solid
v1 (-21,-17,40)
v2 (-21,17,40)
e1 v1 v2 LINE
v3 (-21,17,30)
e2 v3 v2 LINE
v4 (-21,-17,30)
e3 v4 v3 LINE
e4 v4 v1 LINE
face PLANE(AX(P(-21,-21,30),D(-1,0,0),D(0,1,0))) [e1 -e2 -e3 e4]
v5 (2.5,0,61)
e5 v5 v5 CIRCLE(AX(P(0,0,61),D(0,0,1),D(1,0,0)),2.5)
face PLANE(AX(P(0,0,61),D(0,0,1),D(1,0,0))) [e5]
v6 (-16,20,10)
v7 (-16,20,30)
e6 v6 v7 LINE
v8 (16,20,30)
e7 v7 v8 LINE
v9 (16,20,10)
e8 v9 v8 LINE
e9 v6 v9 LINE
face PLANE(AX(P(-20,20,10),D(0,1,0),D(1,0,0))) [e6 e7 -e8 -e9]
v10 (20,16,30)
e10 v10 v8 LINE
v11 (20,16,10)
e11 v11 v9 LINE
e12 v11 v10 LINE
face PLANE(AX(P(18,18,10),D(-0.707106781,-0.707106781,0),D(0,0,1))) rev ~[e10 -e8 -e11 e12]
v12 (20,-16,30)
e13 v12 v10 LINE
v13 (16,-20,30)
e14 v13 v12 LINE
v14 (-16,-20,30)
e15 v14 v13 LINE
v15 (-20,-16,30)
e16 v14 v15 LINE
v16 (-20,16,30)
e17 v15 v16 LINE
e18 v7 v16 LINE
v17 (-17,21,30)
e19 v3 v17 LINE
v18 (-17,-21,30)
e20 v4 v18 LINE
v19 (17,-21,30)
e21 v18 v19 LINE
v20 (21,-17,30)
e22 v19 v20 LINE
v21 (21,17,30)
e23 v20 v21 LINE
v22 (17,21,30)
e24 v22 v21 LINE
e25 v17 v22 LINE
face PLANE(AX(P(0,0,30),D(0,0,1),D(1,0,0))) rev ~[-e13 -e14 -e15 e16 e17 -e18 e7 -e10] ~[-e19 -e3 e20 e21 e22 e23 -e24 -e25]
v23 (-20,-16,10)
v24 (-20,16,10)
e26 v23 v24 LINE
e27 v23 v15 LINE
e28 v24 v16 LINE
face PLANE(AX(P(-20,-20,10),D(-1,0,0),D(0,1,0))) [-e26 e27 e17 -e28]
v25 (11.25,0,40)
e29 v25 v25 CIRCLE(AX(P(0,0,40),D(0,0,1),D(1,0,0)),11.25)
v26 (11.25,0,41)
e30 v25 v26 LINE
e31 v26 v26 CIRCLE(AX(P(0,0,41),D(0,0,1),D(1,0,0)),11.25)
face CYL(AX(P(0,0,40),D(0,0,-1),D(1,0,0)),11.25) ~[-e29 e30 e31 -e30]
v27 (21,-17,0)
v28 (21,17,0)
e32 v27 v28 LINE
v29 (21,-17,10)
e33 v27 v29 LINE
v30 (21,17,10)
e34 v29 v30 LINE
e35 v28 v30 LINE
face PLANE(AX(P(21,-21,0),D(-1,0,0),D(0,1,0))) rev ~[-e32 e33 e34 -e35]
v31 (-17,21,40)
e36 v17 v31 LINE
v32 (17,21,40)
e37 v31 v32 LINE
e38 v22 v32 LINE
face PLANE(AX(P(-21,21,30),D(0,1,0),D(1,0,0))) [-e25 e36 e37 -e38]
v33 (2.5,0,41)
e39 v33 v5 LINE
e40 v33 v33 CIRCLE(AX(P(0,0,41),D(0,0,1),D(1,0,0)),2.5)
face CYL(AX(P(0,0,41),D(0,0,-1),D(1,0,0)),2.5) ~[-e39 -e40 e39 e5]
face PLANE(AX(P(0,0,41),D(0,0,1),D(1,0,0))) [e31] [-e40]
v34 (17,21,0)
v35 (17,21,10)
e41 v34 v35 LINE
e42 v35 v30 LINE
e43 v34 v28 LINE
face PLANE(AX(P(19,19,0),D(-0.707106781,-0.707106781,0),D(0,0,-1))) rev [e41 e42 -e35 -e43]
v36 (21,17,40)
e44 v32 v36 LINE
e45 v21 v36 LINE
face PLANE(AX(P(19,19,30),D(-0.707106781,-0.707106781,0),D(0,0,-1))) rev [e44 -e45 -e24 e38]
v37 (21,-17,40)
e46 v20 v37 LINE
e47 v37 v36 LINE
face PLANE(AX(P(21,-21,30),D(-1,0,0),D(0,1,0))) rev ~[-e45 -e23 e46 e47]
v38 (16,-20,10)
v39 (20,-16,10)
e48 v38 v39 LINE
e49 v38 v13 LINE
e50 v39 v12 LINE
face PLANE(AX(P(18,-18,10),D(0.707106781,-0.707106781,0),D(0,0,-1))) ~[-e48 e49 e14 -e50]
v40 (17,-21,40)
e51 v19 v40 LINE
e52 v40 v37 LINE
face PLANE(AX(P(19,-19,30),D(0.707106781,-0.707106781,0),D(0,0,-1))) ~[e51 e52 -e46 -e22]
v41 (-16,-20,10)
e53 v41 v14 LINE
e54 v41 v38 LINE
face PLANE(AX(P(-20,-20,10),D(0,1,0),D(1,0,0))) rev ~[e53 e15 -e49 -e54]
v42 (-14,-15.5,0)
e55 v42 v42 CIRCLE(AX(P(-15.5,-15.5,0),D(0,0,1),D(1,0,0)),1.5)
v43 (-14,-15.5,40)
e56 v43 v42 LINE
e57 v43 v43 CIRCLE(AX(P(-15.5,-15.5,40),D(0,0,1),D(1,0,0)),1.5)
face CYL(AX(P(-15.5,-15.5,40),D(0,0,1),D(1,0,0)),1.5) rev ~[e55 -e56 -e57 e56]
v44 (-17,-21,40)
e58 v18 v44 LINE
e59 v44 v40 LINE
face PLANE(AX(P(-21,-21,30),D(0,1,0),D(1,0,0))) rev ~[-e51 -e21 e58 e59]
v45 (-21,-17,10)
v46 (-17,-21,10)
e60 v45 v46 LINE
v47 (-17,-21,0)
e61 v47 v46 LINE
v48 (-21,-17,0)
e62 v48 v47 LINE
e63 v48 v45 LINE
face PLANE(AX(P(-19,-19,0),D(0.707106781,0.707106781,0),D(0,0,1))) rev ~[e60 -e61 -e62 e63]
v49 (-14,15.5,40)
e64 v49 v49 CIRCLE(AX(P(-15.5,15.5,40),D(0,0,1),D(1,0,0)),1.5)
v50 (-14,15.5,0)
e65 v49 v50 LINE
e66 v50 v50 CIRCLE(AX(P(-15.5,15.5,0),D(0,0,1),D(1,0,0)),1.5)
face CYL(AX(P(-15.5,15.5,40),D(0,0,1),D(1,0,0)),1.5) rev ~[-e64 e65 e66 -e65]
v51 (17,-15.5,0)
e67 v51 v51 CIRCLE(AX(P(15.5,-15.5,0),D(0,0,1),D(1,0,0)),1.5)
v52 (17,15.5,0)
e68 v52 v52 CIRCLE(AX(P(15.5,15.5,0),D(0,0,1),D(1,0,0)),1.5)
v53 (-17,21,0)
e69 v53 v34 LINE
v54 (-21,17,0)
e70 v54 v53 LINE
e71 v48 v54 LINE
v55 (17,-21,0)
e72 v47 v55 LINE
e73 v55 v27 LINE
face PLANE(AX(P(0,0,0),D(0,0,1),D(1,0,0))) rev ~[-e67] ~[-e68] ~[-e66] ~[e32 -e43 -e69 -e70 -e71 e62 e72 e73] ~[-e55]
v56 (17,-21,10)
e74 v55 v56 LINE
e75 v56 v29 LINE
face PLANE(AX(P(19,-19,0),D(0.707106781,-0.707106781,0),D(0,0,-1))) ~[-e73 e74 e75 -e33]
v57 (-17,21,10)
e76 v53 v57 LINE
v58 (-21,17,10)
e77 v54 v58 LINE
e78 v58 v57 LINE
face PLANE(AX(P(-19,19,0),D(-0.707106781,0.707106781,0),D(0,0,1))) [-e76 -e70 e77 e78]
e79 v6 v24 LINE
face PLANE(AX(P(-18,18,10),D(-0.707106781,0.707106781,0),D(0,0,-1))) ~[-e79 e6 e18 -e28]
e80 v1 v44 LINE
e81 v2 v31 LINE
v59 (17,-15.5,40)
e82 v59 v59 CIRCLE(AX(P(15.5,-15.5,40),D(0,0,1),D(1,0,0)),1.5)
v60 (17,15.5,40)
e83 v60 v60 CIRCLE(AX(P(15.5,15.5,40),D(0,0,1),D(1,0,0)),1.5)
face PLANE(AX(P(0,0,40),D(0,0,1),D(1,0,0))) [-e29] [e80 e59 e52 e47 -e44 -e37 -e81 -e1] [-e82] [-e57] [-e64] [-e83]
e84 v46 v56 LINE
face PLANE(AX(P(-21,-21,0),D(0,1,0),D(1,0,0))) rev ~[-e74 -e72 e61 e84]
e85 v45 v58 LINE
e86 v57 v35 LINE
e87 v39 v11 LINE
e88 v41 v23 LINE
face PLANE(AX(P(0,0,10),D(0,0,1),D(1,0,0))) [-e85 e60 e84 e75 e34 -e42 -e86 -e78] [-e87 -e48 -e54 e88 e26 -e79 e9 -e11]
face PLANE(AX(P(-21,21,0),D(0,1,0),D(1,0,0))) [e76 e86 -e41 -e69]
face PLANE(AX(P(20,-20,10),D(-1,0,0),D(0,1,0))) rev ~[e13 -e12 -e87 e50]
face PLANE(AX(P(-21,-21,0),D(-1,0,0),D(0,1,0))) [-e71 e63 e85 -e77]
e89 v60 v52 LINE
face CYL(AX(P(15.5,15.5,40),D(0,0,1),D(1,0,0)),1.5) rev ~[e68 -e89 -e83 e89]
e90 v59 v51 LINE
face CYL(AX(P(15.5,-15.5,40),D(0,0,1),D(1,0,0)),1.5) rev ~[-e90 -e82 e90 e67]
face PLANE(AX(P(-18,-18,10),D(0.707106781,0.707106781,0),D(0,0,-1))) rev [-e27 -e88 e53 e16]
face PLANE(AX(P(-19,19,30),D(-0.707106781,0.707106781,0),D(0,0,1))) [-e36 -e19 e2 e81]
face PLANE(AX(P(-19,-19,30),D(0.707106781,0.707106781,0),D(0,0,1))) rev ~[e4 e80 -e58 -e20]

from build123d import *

# Parameters (mm, degrees)
SKETCH1_W           = 42
SKETCH1_H           = 42
BOSS_EXTRUDE1_DEPTH = 10
SKETCH2_W           = 40
SKETCH2_H           = 40
BOSS_EXTRUDE2_DEPTH = 20
SKETCH3_W           = 42
SKETCH3_H           = 42
BOSS_EXTRUDE3_DEPTH = 10
SKETCH4_R           = 11.25
BOSS_EXTRUDE4_DEPTH = 1
CHAMFER1_SIZE       = 4
SKETCH5_R           = 2.5
BOSS_EXTRUDE5_DEPTH = 20
SKETCH6_R           = 1.5
CUT_EXTRUDE1_DEPTH  = 40


with BuildPart() as part:
    # Sketch1 → Boss-Extrude1 (new body)
    with BuildSketch(Plane.XY):
        Rectangle(SKETCH1_W, SKETCH1_H)
    extrude(amount=BOSS_EXTRUDE1_DEPTH)

    # Sketch2 → Boss-Extrude2 (add)
    with BuildSketch(Plane.XY.offset(10)):
        Rectangle(SKETCH2_W, SKETCH2_H)
    extrude(amount=BOSS_EXTRUDE2_DEPTH)

    # Sketch3 → Boss-Extrude3 (add)
    with BuildSketch(Plane.XY.offset(30)):
        Rectangle(SKETCH3_W, SKETCH3_H)
    extrude(amount=BOSS_EXTRUDE3_DEPTH)

    # Sketch4 → Boss-Extrude4 (add)
    with BuildSketch(Plane.XY.offset(40)):
        Circle(SKETCH4_R)
    extrude(amount=BOSS_EXTRUDE4_DEPTH)

    # Chamfer1
    chamfer1_edges = [part.edges().sort_by_distance(p)[0] for p in [
        (20, -20, 20),
        (20, 20, 20),
        (-20, 20, 20),
        (-20, -20, 20),
        (21, -21, 35),
        (21, 21, 35),
        (-21, 21, 35),
        (-21, -21, 35),
        (21, -21, 5),
        (-21, -21, 5),
        (-21, 21, 5),
        (21, 21, 5),
    ]]
    chamfer(chamfer1_edges, length=CHAMFER1_SIZE)

    # Sketch5 → Boss-Extrude5 (add)
    with BuildSketch(Plane.XY.offset(41)):
        Circle(SKETCH5_R)
    extrude(amount=BOSS_EXTRUDE5_DEPTH)

    # Sketch6 → Cut-Extrude1 (cut)
    with BuildSketch(Plane.XY.offset(40)):
        with Locations((-15.5, -15.5)):
            Circle(SKETCH6_R)
        with Locations((-15.5, 15.5)):
            Circle(SKETCH6_R)
        with Locations((15.5, 15.5)):
            Circle(SKETCH6_R)
        with Locations((15.5, -15.5)):
            Circle(SKETCH6_R)
    extrude(amount=-CUT_EXTRUDE1_DEPTH, mode=Mode.SUBTRACT)


solid = part.part
